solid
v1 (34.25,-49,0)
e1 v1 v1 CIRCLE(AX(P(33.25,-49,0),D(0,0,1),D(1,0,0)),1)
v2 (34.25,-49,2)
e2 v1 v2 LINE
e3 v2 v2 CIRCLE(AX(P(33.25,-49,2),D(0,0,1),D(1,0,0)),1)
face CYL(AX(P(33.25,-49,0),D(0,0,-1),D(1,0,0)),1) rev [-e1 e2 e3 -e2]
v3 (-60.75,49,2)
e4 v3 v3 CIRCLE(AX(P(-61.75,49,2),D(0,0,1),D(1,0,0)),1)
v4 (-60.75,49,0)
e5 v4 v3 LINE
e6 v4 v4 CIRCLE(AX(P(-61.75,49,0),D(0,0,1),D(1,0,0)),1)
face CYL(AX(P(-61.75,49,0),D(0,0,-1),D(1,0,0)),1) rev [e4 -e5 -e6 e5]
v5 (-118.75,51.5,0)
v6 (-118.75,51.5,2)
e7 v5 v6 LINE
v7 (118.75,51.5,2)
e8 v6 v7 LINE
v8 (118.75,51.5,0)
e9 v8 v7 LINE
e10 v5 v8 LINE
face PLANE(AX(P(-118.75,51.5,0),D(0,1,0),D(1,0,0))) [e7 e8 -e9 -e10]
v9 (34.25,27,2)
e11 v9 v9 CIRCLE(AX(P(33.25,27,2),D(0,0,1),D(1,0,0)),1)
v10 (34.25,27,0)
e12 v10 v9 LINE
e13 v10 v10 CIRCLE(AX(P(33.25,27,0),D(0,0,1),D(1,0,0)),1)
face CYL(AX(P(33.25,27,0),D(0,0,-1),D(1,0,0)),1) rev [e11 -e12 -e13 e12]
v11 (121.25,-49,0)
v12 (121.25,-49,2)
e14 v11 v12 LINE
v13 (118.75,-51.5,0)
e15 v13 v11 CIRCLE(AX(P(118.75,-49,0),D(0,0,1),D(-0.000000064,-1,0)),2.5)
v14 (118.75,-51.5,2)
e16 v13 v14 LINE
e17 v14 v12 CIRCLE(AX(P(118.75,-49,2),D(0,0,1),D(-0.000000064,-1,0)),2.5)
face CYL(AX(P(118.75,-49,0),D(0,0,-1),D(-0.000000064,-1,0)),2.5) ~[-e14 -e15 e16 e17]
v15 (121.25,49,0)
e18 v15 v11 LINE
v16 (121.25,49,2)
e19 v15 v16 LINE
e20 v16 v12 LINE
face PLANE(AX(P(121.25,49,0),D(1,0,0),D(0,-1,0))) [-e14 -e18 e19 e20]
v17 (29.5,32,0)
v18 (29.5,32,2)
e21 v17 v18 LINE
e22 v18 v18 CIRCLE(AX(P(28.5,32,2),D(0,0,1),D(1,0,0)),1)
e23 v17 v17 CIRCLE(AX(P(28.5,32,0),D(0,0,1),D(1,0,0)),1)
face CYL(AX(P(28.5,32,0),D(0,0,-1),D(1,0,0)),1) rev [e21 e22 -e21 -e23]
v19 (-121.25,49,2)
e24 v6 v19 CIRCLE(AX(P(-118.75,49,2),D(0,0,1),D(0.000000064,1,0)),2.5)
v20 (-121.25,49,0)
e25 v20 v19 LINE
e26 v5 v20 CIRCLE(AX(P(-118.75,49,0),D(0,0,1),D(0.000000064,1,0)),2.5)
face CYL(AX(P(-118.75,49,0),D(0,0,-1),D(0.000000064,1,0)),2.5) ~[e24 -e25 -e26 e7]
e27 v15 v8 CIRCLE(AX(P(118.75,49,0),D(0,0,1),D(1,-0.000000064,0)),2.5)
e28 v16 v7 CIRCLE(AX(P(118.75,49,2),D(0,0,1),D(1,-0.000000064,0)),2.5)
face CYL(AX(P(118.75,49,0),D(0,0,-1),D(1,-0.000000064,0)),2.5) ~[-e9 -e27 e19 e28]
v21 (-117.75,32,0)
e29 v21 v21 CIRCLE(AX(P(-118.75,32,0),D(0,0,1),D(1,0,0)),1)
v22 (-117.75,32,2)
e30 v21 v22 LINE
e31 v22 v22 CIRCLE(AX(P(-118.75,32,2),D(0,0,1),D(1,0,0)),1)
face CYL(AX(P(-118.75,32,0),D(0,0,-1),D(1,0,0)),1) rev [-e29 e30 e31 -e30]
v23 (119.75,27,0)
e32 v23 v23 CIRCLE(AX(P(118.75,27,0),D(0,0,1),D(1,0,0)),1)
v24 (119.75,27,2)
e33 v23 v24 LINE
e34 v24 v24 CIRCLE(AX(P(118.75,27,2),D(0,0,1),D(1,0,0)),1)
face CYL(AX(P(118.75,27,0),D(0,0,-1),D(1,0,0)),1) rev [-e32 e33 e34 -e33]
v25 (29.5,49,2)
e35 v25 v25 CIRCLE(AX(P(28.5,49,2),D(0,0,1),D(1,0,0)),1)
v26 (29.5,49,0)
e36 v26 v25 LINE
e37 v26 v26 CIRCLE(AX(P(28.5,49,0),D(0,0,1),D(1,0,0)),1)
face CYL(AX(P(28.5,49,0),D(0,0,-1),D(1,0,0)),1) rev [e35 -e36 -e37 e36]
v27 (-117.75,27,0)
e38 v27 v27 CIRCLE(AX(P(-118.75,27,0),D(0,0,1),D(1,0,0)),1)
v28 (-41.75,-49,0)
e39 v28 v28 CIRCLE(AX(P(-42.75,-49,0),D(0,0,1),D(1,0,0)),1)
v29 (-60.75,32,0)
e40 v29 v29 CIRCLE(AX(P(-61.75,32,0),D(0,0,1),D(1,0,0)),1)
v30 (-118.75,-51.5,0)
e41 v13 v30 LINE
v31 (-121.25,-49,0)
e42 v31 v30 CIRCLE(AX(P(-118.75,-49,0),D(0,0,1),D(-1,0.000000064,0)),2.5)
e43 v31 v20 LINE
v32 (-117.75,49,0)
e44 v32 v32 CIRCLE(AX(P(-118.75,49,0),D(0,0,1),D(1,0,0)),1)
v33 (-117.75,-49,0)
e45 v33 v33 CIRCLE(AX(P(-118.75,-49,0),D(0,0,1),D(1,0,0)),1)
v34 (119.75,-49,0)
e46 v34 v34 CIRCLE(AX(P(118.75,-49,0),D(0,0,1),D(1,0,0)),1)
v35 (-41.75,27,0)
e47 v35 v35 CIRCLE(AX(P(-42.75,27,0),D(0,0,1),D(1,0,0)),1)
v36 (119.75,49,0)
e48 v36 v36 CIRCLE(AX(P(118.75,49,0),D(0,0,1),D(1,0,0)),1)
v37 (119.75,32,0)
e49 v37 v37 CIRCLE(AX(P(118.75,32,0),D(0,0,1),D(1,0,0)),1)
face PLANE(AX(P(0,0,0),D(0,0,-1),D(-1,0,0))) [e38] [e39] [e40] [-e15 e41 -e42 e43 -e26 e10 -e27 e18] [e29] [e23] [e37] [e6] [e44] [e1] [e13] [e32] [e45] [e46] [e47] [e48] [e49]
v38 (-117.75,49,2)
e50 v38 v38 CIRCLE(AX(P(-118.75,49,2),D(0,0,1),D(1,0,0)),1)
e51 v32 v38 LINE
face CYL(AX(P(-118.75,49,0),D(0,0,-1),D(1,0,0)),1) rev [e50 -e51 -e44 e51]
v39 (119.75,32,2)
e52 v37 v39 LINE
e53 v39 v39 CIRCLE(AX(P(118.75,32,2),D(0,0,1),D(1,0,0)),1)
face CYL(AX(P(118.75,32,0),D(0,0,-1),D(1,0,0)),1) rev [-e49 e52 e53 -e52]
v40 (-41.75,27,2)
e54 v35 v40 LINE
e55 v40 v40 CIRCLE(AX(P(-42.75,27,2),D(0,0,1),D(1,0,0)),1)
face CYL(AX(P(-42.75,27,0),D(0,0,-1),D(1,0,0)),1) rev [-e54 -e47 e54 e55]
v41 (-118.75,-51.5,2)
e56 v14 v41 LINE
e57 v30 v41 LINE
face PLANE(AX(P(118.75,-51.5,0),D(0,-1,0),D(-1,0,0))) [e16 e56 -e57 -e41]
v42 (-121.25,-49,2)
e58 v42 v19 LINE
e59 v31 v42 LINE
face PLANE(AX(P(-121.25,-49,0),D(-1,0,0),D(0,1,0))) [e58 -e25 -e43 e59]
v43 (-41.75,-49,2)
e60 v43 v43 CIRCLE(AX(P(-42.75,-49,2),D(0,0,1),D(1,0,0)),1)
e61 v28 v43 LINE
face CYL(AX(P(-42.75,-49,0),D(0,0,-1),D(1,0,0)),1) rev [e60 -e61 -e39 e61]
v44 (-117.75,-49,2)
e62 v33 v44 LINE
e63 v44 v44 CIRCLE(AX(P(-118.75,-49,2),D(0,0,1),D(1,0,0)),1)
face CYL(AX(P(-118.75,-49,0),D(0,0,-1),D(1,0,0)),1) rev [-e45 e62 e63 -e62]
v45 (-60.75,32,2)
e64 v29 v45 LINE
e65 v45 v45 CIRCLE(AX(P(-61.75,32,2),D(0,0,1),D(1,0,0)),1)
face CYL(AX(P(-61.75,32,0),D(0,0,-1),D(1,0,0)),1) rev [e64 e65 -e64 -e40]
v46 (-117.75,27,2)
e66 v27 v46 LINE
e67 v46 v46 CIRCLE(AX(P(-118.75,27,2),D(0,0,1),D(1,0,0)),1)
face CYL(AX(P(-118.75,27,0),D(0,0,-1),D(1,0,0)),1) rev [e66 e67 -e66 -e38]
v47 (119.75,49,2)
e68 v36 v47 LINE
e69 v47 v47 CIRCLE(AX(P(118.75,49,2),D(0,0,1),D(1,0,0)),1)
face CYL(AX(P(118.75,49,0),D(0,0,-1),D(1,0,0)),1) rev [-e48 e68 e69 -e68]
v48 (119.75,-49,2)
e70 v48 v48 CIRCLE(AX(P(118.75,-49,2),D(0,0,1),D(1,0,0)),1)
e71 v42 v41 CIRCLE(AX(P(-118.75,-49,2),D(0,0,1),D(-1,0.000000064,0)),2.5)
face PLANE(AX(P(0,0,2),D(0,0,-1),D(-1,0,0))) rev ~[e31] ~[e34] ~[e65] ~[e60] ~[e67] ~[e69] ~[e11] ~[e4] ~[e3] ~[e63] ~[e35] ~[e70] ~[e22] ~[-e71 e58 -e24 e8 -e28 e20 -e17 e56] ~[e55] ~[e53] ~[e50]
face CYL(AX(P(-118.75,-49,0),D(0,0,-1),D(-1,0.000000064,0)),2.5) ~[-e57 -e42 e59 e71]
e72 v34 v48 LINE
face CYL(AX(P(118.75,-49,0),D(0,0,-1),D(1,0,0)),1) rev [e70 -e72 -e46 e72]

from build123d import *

# Parameters (mm, degrees)
SKETCH001_R = 1
PAD_DEPTH   = 2


with BuildPart() as part:
    # Sketch001 → Pad (new body)
    with BuildSketch(Plane.XY):
        with BuildLine():
            Line((-121.25, -49), (-121.25, 49))
            ThreePointArc((-118.75, 51.5), (-120.517767, 50.767767), (-121.25, 49))
            Line((-118.75, 51.5), (118.75, 51.5))
            ThreePointArc((121.25, 49), (120.517767, 50.767767), (118.75, 51.5))
            Line((121.25, 49), (121.25, -49))
            ThreePointArc((118.75, -51.5), (120.517767, -50.767767), (121.25, -49))
            Line((118.75, -51.5), (-118.75, -51.5))
            ThreePointArc((-121.25, -49), (-120.517767, -50.767767), (-118.75, -51.5))
        make_face()
        with Locations((-118.75, 49)):
            Circle(SKETCH001_R, mode=Mode.SUBTRACT)
        with Locations((-61.75, 49)):
            Circle(SKETCH001_R, mode=Mode.SUBTRACT)
        with Locations((28.5, 49)):
            Circle(SKETCH001_R, mode=Mode.SUBTRACT)
        with Locations((118.75, 49)):
            Circle(SKETCH001_R, mode=Mode.SUBTRACT)
        with Locations((-118.75, 32)):
            Circle(SKETCH001_R, mode=Mode.SUBTRACT)
        with Locations((-61.75, 32)):
            Circle(SKETCH001_R, mode=Mode.SUBTRACT)
        with Locations((28.5, 32)):
            Circle(SKETCH001_R, mode=Mode.SUBTRACT)
        with Locations((118.75, 32)):
            Circle(SKETCH001_R, mode=Mode.SUBTRACT)
        with Locations((-118.75, 27)):
            Circle(SKETCH001_R, mode=Mode.SUBTRACT)
        with Locations((-42.75, 27)):
            Circle(SKETCH001_R, mode=Mode.SUBTRACT)
        with Locations((33.25, 27)):
            Circle(SKETCH001_R, mode=Mode.SUBTRACT)
        with Locations((118.75, 27)):
            Circle(SKETCH001_R, mode=Mode.SUBTRACT)
        with Locations((-118.75, -49)):
            Circle(SKETCH001_R, mode=Mode.SUBTRACT)
        with Locations((-42.75, -49)):
            Circle(SKETCH001_R, mode=Mode.SUBTRACT)
        with Locations((33.25, -49)):
            Circle(SKETCH001_R, mode=Mode.SUBTRACT)
        with Locations((118.75, -49)):
            Circle(SKETCH001_R, mode=Mode.SUBTRACT)
    extrude(amount=PAD_DEPTH)


solid = part.part
